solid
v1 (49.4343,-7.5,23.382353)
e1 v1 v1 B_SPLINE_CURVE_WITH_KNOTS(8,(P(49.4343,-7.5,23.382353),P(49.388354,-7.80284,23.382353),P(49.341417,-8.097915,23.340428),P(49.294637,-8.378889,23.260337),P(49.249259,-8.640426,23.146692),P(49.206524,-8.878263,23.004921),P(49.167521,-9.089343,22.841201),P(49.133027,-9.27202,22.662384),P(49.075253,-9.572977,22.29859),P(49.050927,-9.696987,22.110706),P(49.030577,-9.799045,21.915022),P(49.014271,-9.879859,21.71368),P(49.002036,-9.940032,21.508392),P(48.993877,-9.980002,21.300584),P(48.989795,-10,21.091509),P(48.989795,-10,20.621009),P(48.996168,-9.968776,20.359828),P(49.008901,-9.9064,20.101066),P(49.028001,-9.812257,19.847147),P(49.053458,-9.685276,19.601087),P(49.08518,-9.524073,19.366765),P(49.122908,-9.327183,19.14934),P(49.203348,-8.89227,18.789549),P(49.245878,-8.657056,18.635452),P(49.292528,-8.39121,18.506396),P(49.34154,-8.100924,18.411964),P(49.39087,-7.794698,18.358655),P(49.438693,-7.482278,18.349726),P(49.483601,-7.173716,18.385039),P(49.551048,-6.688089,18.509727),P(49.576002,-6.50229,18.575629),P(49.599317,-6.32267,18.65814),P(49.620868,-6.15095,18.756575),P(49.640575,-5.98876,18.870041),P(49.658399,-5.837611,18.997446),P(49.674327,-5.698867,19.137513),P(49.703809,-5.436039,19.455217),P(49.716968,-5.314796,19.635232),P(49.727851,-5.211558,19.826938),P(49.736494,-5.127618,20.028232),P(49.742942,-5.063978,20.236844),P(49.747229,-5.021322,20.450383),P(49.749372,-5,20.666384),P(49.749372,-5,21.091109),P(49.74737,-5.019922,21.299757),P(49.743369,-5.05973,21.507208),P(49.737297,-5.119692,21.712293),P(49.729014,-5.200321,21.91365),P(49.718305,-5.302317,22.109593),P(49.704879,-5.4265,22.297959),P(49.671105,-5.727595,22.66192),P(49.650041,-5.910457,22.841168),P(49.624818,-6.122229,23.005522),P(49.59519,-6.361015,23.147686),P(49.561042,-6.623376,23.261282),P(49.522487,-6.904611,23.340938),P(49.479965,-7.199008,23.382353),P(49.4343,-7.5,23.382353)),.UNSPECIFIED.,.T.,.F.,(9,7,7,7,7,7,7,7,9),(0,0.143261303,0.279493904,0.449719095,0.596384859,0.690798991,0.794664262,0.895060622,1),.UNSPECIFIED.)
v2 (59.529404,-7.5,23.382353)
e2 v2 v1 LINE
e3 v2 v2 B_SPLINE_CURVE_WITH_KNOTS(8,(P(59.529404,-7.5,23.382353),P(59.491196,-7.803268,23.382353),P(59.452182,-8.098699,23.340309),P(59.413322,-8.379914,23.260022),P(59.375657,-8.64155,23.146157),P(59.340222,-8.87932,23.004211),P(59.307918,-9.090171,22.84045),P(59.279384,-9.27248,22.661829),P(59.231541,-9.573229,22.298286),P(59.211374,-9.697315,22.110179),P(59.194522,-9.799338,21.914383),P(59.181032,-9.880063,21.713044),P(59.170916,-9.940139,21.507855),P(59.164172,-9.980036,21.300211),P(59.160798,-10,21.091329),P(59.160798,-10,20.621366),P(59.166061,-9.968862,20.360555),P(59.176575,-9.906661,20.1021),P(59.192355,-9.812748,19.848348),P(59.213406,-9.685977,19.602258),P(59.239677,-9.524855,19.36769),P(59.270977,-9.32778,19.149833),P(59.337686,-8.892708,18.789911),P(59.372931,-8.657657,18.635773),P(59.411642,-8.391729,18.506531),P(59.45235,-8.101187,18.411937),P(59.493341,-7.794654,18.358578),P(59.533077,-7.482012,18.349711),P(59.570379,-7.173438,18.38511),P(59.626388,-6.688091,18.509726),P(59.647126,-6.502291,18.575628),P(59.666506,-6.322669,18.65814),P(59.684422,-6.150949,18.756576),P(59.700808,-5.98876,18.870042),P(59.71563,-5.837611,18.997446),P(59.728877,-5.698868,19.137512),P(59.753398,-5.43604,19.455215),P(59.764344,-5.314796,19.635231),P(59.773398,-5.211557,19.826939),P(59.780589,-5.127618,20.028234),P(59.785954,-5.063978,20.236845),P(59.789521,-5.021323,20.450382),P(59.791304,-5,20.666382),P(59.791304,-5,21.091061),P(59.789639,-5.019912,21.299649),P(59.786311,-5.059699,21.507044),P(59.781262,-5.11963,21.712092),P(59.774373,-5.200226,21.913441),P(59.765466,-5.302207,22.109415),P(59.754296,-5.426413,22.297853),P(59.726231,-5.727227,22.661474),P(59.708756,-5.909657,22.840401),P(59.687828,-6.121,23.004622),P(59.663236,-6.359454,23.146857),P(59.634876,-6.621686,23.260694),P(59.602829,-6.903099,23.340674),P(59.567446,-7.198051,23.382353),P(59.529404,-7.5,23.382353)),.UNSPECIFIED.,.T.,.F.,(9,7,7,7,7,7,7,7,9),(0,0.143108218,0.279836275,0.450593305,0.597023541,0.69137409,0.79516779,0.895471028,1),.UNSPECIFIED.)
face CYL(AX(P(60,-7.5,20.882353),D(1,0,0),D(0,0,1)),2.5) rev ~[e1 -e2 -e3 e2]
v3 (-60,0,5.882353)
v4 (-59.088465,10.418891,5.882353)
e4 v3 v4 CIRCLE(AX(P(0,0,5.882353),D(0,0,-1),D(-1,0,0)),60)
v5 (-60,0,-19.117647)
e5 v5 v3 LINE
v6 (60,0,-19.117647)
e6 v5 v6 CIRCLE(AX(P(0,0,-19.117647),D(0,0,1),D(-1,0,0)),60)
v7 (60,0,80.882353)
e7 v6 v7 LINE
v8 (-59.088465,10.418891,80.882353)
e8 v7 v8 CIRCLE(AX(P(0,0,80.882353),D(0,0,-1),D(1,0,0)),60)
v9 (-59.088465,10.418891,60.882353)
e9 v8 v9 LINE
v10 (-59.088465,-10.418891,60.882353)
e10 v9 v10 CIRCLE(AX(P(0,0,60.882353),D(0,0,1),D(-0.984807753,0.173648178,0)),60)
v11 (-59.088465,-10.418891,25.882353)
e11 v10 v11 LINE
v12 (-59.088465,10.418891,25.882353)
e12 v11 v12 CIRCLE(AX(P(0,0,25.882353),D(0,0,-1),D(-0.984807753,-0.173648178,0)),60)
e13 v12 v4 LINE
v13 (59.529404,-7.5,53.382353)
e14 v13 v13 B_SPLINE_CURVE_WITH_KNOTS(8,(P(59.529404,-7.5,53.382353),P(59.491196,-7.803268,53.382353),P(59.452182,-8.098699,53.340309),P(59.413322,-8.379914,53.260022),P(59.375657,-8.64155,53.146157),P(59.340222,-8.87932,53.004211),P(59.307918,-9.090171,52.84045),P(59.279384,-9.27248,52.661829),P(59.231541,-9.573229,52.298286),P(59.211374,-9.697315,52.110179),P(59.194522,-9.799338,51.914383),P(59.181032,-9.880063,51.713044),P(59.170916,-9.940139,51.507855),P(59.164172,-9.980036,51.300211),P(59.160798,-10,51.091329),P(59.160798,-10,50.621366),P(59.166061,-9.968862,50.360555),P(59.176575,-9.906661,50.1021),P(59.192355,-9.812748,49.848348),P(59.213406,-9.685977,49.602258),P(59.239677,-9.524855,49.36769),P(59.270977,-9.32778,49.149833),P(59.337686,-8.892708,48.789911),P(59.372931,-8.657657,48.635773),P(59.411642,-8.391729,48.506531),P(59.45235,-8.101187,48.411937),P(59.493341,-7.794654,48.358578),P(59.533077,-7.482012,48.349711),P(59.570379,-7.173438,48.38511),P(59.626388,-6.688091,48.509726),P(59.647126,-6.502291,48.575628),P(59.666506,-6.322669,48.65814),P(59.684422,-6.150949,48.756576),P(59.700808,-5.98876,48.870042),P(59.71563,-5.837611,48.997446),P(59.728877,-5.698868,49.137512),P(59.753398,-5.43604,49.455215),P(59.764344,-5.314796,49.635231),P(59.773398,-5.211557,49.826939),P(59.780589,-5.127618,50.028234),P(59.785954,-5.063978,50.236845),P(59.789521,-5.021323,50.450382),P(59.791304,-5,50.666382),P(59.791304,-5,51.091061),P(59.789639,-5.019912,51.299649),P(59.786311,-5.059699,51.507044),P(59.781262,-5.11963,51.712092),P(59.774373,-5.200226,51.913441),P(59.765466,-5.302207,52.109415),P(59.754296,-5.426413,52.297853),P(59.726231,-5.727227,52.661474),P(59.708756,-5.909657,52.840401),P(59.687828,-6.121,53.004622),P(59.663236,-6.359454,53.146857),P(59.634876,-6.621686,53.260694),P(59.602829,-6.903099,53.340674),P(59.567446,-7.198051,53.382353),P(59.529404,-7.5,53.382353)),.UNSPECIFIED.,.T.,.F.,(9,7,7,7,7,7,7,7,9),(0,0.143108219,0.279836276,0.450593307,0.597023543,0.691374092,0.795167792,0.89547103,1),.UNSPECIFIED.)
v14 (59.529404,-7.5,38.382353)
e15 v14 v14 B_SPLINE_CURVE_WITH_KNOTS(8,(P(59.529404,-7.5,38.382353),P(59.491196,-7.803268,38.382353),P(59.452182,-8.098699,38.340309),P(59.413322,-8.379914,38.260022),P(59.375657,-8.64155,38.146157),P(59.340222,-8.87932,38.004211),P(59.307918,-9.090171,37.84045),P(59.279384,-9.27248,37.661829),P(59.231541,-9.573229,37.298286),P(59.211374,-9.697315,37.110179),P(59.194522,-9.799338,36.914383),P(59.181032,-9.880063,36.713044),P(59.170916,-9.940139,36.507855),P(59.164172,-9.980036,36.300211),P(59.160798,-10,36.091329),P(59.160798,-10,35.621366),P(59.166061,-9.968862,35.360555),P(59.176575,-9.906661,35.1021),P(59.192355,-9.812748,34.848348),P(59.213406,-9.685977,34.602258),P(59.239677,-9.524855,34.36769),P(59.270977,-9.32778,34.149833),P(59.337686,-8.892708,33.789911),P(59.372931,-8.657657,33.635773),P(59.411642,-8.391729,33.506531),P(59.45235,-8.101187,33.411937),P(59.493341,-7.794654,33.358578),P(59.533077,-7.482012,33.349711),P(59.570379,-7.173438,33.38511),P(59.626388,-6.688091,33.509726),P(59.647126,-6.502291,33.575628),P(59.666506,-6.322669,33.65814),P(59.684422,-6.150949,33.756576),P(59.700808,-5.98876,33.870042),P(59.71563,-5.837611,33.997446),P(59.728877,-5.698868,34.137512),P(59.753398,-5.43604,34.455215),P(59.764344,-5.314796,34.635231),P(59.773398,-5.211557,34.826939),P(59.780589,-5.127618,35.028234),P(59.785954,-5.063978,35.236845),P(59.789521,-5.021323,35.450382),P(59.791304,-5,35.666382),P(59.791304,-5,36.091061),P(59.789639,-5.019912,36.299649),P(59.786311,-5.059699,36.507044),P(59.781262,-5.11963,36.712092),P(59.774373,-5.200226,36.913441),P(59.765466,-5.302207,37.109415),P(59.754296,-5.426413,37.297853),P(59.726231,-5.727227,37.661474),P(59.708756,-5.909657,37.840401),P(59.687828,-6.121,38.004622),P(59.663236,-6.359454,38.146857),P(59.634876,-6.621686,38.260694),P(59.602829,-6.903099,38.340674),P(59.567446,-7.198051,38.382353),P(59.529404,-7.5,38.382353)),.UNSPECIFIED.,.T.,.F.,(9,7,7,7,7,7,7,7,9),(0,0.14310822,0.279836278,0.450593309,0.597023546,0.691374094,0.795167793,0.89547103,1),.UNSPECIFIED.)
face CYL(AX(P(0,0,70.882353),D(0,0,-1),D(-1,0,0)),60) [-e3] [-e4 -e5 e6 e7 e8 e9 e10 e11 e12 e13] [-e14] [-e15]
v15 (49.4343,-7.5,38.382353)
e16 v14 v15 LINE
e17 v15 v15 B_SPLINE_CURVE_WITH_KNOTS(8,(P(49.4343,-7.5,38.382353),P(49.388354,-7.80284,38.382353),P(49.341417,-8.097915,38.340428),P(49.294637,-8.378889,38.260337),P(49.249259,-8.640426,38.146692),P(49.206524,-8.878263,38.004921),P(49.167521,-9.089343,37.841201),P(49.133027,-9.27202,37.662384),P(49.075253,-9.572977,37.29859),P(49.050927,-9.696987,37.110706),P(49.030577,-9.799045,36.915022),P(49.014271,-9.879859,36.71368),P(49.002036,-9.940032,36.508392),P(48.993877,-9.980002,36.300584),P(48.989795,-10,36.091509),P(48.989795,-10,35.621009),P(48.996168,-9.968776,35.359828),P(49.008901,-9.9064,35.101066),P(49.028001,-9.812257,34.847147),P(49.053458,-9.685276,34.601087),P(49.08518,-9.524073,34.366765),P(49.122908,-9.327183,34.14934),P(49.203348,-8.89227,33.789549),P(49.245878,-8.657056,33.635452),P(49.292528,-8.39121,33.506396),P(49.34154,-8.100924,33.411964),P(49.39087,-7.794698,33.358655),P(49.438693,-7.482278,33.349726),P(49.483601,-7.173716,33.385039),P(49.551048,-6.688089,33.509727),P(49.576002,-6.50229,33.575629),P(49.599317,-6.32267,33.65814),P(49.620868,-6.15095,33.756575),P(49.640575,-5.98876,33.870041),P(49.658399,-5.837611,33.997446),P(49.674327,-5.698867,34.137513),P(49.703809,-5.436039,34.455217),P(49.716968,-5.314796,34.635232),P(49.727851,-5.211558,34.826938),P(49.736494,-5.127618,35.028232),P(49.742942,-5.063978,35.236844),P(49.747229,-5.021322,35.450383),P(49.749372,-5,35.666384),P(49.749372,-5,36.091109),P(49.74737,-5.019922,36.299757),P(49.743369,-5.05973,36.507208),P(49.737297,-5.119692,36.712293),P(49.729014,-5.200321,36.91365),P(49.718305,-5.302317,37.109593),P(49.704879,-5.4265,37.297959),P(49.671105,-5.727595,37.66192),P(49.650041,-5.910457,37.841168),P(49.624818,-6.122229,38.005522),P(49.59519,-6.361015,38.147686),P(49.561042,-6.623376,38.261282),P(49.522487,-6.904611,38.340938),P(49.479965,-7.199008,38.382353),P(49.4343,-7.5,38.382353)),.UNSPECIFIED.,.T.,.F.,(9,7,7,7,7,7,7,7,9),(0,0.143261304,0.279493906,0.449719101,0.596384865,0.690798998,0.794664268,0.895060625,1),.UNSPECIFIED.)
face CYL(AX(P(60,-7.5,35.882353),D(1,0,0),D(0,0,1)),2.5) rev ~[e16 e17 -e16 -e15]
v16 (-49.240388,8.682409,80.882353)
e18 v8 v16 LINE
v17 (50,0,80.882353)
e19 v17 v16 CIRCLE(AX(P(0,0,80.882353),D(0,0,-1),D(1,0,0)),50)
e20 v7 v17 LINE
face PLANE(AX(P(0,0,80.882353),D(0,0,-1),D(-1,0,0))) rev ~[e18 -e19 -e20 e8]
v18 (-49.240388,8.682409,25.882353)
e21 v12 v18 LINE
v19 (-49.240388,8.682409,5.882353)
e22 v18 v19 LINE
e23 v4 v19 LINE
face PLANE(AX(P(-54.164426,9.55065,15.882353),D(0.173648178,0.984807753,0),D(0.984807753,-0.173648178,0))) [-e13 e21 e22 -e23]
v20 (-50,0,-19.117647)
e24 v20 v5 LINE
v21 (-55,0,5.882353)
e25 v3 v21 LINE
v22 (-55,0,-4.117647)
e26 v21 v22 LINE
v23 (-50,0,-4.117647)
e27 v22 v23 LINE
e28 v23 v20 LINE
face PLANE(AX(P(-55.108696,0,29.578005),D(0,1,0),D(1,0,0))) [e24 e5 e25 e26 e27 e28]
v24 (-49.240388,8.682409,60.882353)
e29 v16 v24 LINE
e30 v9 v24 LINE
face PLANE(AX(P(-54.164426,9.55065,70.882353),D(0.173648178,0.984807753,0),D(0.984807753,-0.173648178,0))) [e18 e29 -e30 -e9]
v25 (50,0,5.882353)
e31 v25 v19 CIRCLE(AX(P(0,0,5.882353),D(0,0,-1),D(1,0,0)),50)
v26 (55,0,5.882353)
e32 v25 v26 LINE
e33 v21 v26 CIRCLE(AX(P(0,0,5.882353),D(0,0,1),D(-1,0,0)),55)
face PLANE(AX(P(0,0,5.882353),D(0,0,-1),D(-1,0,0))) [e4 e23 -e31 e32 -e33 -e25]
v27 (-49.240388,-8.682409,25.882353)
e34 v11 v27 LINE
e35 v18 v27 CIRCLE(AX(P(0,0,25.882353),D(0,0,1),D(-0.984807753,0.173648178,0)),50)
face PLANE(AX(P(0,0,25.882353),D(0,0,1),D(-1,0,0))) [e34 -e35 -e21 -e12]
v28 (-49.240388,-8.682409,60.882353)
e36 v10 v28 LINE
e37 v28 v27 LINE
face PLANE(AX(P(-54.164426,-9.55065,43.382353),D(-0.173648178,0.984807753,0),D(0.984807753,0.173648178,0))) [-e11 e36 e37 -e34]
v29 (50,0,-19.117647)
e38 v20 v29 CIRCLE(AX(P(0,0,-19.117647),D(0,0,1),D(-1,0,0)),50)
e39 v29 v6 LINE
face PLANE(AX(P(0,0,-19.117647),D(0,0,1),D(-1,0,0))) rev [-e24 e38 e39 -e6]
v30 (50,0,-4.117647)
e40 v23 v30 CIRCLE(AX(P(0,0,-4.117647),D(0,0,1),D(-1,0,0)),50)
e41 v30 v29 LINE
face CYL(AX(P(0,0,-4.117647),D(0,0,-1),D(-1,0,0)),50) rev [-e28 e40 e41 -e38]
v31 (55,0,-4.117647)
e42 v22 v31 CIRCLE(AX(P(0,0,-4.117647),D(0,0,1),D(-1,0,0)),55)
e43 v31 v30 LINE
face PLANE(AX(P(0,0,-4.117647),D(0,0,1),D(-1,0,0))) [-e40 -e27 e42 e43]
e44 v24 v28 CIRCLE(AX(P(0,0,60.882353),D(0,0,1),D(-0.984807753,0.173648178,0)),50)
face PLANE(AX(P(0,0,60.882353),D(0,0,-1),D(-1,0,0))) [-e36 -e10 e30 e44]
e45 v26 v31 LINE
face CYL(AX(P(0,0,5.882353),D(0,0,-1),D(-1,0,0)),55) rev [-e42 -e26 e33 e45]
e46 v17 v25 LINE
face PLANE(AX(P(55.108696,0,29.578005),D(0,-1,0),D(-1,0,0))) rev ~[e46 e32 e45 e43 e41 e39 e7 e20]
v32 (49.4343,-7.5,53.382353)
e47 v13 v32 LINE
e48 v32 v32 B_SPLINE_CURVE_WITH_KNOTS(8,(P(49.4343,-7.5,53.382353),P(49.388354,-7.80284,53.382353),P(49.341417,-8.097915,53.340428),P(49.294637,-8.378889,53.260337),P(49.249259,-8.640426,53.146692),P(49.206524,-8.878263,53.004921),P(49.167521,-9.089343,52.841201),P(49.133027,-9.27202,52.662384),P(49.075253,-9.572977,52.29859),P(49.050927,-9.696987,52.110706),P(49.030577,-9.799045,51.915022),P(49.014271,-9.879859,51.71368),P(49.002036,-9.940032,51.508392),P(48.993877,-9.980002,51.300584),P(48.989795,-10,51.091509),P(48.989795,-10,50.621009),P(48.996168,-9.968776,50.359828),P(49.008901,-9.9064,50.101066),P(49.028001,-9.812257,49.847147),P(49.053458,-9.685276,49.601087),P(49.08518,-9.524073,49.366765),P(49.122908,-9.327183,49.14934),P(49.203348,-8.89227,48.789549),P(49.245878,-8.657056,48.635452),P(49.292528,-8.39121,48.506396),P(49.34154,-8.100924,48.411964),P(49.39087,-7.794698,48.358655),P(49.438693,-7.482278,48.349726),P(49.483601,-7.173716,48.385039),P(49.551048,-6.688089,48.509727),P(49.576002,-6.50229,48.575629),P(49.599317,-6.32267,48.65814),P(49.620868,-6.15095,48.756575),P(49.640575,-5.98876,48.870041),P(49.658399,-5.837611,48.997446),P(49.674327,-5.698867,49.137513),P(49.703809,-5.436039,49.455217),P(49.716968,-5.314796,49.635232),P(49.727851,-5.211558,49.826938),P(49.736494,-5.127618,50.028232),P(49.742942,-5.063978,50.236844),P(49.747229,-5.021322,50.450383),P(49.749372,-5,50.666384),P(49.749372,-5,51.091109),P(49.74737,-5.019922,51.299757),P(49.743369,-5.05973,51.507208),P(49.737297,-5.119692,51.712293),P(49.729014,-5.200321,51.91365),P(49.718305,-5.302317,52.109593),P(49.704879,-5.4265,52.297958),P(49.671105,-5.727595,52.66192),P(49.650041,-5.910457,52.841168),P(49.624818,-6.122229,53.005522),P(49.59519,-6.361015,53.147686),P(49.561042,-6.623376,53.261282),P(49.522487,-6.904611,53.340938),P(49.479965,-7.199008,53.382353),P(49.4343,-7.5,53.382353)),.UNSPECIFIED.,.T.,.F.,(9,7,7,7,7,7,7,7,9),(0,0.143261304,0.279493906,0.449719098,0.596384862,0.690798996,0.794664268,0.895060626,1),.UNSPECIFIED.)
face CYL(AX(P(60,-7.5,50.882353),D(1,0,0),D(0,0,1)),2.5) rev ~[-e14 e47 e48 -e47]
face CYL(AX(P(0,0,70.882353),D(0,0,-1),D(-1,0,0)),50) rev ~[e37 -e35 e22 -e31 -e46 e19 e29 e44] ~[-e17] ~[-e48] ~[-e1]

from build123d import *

# Parameters (mm, degrees)
REVOLVE1_ANGLE     = 180
SKETCH2_W          = 10
SKETCH2_H          = 35
CUT_REVOLVE1_ANGLE = 10
SKETCH4_R          = 2.5
CUT_EXTRUDE1_DEPTH = 20
SKETCH5_W          = 10
SKETCH5_H          = 20
REVOLVE2_ANGLE     = 10


with BuildPart() as part:
    # Sketch1 → Revolve1 (revolve)
    with BuildSketch(Plane(origin=(0, 0, 0), x_dir=(1, 0, 0), z_dir=(0, 1, 0))):
        Polygon((-60, 19.117647059), (-60, -80.882352941), (-50, -80.882352941), (-50, -5.882352941), (-55, -5.882352941), (-55, 4.117647059), (-50, 4.117647059), (-50, 19.117647059), align=None)
    revolve(axis=Axis((0, 0, -69.117647059), (0, 0, 1)), revolution_arc=REVOLVE1_ANGLE)

    # Sketch2 → Cut-Revolve1 (revolve, cut)
    with BuildSketch(Plane(origin=(0, 0, 0), x_dir=(1, 0, 0), z_dir=(0, 1, 0))):
        with Locations((-55, -43.382352941)):
            Rectangle(SKETCH2_W, SKETCH2_H)
    revolve(axis=Axis((0, 0, 80.882352941), (0, 0, 1)), revolution_arc=CUT_REVOLVE1_ANGLE, mode=Mode.SUBTRACT)

    # Sketch4 → Cut-Extrude1 (cut)
    with BuildSketch(Plane(origin=(60, 0, 0), x_dir=(0, 0, 1), z_dir=(1, 0, 0))):
        with Locations((35.882352941, 7.5)):
            Circle(SKETCH4_R)
        with Locations((50.882352941, 7.5)):
            Circle(SKETCH4_R)
        with Locations((20.882352941, 7.5)):
            Circle(SKETCH4_R)
    extrude(amount=-CUT_EXTRUDE1_DEPTH, mode=Mode.SUBTRACT)

    # Sketch5 → Revolve2 (revolve)
    with BuildSketch(Plane(origin=(0, 0, 0), x_dir=(1, 0, 0), z_dir=(0, 1, 0))):
        with Locations((-55, -70.882352941)):
            Rectangle(SKETCH5_W, SKETCH5_H)
        with Locations((-55, -15.882352941)):
            Rectangle(SKETCH5_W, SKETCH5_H)
    revolve(axis=Axis((0, 0, 85.860952493), (0, 0, -1)), revolution_arc=REVOLVE2_ANGLE)


solid = part.part
